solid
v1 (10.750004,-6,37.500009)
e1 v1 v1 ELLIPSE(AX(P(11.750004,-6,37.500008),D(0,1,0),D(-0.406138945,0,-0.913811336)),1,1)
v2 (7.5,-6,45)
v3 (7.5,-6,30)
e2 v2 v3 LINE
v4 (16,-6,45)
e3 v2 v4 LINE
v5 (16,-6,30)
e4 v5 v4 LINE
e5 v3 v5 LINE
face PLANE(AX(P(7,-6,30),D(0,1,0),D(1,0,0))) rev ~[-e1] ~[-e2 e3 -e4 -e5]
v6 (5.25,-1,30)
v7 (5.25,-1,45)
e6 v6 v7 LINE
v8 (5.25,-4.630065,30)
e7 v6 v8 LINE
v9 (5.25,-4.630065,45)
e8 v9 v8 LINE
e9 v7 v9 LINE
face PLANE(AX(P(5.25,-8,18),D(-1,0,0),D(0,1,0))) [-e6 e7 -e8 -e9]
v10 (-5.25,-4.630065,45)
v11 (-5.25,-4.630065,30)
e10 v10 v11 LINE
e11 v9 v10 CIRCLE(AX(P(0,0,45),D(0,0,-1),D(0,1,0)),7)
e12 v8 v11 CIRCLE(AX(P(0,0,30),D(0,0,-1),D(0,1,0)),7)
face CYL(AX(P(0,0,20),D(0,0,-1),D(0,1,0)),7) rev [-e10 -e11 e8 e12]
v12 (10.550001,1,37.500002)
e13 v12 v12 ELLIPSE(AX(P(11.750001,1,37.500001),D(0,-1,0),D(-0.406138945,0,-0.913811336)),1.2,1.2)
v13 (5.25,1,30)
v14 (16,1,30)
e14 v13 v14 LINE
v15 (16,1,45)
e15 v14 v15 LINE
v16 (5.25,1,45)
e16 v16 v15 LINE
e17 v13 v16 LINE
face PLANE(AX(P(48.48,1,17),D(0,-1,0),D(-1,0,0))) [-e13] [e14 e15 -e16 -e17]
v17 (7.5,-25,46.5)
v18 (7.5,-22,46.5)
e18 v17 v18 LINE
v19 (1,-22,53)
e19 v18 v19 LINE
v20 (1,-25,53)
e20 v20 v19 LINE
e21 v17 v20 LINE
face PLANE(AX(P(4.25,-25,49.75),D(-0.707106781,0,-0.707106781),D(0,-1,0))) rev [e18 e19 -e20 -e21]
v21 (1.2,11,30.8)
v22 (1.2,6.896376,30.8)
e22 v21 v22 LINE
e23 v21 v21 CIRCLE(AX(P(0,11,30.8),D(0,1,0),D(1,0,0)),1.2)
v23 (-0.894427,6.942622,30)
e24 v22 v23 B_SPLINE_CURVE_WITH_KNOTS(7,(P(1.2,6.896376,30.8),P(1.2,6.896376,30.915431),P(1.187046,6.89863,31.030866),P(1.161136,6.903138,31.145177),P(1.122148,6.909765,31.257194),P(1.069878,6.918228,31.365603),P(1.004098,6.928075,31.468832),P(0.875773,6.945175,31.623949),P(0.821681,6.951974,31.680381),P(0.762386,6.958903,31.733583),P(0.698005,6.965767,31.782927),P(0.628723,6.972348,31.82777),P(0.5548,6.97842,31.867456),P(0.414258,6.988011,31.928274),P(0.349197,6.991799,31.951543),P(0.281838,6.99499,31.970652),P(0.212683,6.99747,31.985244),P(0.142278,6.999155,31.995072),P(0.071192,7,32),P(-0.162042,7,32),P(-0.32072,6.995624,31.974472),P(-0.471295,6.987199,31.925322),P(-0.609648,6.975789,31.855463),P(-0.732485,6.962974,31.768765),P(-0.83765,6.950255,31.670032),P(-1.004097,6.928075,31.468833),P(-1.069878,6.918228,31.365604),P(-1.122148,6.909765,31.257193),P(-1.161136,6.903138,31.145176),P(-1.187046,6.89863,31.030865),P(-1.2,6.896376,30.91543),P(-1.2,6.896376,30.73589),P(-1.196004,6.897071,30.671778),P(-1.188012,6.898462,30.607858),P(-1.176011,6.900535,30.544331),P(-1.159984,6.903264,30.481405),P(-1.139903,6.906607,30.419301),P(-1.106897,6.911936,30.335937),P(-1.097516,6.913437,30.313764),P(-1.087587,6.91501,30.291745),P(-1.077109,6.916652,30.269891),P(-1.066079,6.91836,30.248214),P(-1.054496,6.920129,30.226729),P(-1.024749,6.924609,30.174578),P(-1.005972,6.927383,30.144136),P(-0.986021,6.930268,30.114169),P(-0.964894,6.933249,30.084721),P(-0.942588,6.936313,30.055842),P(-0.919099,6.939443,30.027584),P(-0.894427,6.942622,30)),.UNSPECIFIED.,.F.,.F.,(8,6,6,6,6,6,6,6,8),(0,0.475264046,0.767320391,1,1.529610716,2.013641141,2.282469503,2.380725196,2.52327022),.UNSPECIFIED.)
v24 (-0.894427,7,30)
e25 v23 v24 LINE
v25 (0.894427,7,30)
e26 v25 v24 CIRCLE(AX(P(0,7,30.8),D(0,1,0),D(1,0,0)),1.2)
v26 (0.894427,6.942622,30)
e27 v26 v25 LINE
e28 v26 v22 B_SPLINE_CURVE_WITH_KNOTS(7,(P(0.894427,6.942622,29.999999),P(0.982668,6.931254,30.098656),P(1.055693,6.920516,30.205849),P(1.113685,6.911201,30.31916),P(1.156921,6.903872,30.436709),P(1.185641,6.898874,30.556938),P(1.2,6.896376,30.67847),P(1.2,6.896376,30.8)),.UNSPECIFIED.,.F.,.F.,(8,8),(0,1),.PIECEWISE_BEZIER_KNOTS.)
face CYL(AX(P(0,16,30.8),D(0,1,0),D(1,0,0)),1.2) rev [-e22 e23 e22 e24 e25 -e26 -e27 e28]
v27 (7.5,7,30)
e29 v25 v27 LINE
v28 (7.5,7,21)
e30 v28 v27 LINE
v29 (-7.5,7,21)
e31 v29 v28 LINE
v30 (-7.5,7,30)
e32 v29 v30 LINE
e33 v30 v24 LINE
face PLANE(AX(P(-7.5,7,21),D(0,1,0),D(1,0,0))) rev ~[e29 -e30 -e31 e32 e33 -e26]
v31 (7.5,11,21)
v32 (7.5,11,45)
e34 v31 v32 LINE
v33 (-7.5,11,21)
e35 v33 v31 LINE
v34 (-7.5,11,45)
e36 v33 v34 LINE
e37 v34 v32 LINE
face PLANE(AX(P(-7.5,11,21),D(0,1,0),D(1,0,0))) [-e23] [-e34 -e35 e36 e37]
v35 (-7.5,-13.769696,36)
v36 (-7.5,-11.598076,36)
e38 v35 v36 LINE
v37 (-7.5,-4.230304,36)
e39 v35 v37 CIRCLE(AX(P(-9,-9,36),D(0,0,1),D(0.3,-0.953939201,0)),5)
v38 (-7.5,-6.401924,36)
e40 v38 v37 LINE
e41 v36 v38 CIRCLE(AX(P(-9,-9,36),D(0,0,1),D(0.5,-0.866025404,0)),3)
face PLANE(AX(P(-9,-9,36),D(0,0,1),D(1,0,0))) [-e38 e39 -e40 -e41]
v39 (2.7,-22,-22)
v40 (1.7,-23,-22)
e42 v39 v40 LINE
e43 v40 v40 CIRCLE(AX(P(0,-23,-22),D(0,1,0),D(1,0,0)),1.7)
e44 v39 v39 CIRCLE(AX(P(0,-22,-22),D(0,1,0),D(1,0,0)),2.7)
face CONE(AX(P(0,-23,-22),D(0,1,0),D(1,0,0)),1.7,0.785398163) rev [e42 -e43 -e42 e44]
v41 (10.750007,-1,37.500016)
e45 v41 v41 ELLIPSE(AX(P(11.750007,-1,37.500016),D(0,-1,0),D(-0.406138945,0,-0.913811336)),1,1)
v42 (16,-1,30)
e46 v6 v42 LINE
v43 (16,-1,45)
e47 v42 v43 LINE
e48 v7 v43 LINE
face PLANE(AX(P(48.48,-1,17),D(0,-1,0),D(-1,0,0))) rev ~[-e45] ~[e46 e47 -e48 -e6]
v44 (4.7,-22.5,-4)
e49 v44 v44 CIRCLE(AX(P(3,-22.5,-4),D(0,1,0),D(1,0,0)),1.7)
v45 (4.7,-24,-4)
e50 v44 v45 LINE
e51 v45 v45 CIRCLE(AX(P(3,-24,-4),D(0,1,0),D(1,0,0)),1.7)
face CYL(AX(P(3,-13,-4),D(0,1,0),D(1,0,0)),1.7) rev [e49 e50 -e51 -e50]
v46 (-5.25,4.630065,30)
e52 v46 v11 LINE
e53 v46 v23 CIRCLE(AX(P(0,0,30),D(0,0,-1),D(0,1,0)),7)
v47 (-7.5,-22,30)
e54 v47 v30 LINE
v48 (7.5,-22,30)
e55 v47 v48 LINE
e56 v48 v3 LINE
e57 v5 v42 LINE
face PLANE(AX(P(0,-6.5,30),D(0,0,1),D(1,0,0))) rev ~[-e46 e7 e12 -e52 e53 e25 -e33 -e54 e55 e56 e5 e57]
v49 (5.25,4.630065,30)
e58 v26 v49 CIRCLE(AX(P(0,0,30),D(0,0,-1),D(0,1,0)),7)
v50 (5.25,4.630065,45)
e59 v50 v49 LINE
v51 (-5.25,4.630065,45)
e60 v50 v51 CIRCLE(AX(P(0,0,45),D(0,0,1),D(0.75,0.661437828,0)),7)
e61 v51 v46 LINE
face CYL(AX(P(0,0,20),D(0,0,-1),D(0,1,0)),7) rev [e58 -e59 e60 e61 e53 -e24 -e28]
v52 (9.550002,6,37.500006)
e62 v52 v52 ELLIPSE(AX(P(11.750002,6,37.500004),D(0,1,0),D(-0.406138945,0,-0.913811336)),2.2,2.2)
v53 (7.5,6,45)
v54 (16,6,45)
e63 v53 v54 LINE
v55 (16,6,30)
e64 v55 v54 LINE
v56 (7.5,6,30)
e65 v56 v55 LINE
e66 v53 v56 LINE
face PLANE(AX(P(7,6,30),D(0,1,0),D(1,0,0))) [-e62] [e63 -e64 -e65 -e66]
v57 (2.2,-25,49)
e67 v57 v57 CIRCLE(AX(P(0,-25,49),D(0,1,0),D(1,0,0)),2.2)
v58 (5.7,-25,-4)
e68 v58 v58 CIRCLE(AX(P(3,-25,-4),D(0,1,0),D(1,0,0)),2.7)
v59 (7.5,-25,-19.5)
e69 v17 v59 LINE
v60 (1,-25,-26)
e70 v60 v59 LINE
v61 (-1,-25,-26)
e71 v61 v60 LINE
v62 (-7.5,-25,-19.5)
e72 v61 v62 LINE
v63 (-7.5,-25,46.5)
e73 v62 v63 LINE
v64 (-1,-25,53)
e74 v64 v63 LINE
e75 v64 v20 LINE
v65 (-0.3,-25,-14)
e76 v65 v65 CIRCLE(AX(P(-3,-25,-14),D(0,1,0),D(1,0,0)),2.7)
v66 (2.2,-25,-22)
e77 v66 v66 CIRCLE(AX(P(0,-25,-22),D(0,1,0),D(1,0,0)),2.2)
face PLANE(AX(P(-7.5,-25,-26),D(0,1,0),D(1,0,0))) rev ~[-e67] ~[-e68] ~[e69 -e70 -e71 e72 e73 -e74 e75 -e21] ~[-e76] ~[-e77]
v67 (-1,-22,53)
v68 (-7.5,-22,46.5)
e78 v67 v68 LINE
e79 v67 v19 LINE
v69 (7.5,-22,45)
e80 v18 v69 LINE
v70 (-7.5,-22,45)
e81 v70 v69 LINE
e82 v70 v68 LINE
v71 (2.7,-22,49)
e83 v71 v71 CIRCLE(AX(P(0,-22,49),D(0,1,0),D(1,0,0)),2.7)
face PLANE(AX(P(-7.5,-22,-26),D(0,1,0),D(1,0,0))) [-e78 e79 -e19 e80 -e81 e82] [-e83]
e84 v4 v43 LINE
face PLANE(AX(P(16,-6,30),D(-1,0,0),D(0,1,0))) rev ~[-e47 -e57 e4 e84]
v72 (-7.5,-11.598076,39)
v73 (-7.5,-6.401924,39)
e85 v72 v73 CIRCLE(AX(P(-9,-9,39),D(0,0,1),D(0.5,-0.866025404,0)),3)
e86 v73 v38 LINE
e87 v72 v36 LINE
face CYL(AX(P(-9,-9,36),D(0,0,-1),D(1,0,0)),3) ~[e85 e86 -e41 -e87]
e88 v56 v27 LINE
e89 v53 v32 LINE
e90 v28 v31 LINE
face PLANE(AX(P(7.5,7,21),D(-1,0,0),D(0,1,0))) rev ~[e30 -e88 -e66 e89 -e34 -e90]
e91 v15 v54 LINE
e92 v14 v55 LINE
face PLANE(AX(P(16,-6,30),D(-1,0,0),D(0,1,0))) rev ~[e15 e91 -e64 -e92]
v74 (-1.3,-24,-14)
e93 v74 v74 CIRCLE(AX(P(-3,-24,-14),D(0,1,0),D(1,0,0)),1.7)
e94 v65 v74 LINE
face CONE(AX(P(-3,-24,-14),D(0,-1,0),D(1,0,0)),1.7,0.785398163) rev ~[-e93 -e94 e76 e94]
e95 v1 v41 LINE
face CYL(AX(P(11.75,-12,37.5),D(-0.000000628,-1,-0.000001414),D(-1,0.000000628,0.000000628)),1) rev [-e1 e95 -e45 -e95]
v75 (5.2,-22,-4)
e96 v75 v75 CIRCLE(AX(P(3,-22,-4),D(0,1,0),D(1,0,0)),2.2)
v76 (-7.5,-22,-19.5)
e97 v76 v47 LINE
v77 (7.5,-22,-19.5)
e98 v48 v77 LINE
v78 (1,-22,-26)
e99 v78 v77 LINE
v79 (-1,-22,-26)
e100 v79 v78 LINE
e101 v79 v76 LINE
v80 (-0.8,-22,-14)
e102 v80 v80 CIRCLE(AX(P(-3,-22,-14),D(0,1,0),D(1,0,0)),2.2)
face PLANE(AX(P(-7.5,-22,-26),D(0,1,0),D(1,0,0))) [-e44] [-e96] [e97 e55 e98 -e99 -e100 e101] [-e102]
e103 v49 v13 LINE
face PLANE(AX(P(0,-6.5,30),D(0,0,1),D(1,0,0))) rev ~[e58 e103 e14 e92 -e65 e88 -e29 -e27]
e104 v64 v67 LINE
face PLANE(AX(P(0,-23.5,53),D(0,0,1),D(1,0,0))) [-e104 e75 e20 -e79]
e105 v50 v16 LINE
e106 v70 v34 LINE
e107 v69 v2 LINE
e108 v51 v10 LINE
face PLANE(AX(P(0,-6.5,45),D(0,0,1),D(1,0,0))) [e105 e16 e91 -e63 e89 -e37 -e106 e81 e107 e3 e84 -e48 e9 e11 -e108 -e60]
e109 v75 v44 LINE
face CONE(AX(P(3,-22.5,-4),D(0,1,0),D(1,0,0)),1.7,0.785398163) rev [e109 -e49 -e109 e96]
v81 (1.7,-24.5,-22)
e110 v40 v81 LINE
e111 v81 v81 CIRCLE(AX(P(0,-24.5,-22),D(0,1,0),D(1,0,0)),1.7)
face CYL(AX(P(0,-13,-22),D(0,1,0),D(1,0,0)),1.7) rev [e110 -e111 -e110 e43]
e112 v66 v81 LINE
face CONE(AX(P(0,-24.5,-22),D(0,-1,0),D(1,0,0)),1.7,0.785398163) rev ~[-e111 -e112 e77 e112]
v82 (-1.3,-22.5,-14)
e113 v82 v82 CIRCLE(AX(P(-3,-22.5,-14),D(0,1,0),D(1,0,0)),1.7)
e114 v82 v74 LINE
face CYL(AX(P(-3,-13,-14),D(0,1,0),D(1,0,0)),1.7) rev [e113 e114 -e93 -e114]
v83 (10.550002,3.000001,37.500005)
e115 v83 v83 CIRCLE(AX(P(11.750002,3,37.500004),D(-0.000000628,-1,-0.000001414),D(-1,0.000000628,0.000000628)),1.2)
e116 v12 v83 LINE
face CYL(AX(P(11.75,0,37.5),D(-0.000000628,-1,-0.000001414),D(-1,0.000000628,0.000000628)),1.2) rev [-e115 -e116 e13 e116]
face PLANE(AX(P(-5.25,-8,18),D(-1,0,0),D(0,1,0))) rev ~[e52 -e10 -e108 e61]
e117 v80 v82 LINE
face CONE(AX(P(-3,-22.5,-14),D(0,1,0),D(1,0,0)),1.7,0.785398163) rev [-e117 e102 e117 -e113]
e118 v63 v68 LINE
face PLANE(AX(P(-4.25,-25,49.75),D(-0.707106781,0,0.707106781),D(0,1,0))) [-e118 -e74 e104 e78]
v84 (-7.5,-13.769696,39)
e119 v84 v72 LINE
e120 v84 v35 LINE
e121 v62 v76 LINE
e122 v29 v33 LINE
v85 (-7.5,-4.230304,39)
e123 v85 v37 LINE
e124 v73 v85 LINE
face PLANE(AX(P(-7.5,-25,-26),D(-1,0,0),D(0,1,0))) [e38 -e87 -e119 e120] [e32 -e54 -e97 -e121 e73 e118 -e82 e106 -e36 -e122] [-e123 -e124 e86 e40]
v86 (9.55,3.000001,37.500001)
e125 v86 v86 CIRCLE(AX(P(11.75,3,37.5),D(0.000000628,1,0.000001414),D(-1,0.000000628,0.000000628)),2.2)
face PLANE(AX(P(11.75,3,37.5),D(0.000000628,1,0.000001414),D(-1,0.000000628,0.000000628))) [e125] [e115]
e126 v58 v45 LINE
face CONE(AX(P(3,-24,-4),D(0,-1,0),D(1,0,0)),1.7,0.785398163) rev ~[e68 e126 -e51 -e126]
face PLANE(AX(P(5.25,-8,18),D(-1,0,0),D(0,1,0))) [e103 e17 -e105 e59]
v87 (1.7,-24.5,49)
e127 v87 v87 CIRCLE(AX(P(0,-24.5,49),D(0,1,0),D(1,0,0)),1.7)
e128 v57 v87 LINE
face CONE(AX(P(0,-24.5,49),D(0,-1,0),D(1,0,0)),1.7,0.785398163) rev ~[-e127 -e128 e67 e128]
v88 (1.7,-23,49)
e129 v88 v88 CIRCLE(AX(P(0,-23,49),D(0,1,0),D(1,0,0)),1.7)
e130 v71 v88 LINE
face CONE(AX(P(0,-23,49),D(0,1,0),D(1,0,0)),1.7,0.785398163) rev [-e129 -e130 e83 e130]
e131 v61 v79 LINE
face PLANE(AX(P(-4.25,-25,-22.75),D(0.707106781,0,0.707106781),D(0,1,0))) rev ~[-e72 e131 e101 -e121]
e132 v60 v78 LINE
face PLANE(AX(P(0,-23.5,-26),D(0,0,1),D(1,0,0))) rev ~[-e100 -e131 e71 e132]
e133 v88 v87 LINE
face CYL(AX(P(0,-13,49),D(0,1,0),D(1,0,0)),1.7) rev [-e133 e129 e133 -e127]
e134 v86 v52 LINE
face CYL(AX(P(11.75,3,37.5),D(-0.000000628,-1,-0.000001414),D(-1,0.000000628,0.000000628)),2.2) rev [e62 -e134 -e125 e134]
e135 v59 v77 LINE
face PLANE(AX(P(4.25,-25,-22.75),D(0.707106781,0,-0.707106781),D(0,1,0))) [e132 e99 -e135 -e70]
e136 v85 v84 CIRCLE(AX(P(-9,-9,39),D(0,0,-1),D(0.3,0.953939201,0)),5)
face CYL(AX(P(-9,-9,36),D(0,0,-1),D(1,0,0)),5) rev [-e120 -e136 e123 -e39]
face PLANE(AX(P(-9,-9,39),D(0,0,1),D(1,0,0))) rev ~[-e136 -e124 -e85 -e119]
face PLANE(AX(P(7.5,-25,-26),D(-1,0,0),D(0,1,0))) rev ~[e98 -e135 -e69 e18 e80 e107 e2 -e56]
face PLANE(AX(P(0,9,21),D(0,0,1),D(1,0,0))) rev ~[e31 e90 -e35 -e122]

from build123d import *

# Parameters (mm, degrees)
CYLINDER099_R               = 3
CYLINDER099_DEPTH           = 3
CYLINDER098_R               = 5
CYLINDER098_DEPTH           = 3
CYLINDER090_R               = 1.2
CYLINDER090_DEPTH           = 13
CYLINDER091_R               = 1
CYLINDER091_DEPTH           = 12
CYLINDER091_ROLL_ANGLE      = 89.999919
CYLINDER091_PITCH_ANGLE     = -3.6e-05
CYLINDER091_PLACEMENT_ANGLE = 179.999964
CYLINDER069_R               = 2.2
CYLINDER069_DEPTH           = 12
CYLINDER069_ROLL_ANGLE      = 89.999919
CYLINDER069_PITCH_ANGLE     = -3.6e-05
CYLINDER069_PLACEMENT_ANGLE = 179.999964
CYLINDER068_R               = 1.2
CYLINDER068_DEPTH           = 12
CYLINDER068_ROLL_ANGLE      = 89.999919
CYLINDER068_PITCH_ANGLE     = -3.6e-05
CYLINDER068_PLACEMENT_ANGLE = 179.999964
BOX406016_W                 = 49
BOX406016_H                 = 2
BOX406016_DEPTH             = 32
BOX406008016_W              = 9
BOX406008016_H              = 12
BOX406008016_DEPTH          = 15
BOX406017_W                 = 16
BOX406017_H                 = 10.5
BOX406017_DEPTH             = 28
CYLINDER067_R               = 7
CYLINDER067_DEPTH           = 26
COMMON004_PLACEMENT_ANGLE   = 90
BOX406008015_W              = 15
BOX406008015_H              = 31
BOX406008015_DEPTH          = 15
BOX406008017_W              = 15
BOX406008017_H              = 4
BOX406008017_DEPTH          = 24
CYLINDER096_R               = 1.7
CYLINDER096_DEPTH           = 21
BOX_W                       = 15
BOX_H                       = 3
BOX_DEPTH                   = 8
CYLINDER097_R               = 1.7
CYLINDER097_DEPTH           = 21
BOX406008018_W              = 15
BOX406008018_H              = 3
BOX406008018_DEPTH          = 8
CHAMFER005_SIZE             = 1
CYLINDER093_R               = 1.7
CYLINDER093_DEPTH           = 21
CYLINDER092_R               = 1.7
CYLINDER092_DEPTH           = 21
BOX406008014_W              = 15
BOX406008014_H              = 3
BOX406008014_DEPTH          = 63
CHAMFER006_SIZE             = 1
CHAMFER007_SIZE             = 6.5
CHAMFER009_SIZE             = 0.5
CHAMFER010_SIZE             = 0.5


with BuildPart() as cylinder099:
    # Cylinder099 → Cylinder099 (new body)
    with BuildSketch(Plane(origin=(-9, -9, 36), x_dir=(1, 0, 0), z_dir=(0, 0, 1))):
        Circle(CYLINDER099_R)
    extrude(amount=CYLINDER099_DEPTH)


with BuildPart() as cut081:
    # Cylinder098 → Cylinder098 (new body)
    with BuildSketch(Plane(origin=(-9, -9, 36), x_dir=(1, 0, 0), z_dir=(0, 0, 1))):
        Circle(CYLINDER098_R)
    extrude(amount=CYLINDER098_DEPTH)

    # Cut081: cut Cylinder099
    add(cylinder099.part, mode=Mode.SUBTRACT)


with BuildPart() as cylinder084:
    # Cylinder090 → Cylinder090 (new body)
    with BuildSketch(Plane(origin=(0, 16, 35.8), x_dir=(1, 0, 0), z_dir=(0, -1, 0))):
        Circle(CYLINDER090_R)
    extrude(amount=CYLINDER090_DEPTH)


with BuildPart() as cylinder091:
    # Cylinder091 → Cylinder091 (new body)
    with BuildSketch(Plane.XY):
        Circle(CYLINDER091_R)
    extrude(amount=CYLINDER091_DEPTH)


with BuildPart() as cylinder091_1:
    # Cylinder091 roll: moved
    add(cylinder091.part.rotate(Axis((0, 0, 0), (1, 0, 0)), CYLINDER091_ROLL_ANGLE))


with BuildPart() as cylinder091_2:
    # Cylinder091 pitch: moved
    add(cylinder091_1.part.rotate(Axis((0, 0, 0), (0, 1, 0)), CYLINDER091_PITCH_ANGLE))


with BuildPart() as cylinder091_3:
    # Cylinder091 placement: moved
    add(cylinder091_2.part.moved(Location((11.75, -12, 42.5))).rotate(Axis((11.75, -12, 42.5), (0, 0, 1)), CYLINDER091_PLACEMENT_ANGLE))


with BuildPart() as cylinder069:
    # Cylinder069 → Cylinder069 (new body)
    with BuildSketch(Plane.XY):
        Circle(CYLINDER069_R)
    extrude(amount=CYLINDER069_DEPTH)


with BuildPart() as cylinder069_1:
    # Cylinder069 roll: moved
    add(cylinder069.part.rotate(Axis((0, 0, 0), (1, 0, 0)), CYLINDER069_ROLL_ANGLE))


with BuildPart() as cylinder069_2:
    # Cylinder069 pitch: moved
    add(cylinder069_1.part.rotate(Axis((0, 0, 0), (0, 1, 0)), CYLINDER069_PITCH_ANGLE))


with BuildPart() as cylinder069_3:
    # Cylinder069 placement: moved
    add(cylinder069_2.part.moved(Location((11.75, 3, 42.5))).rotate(Axis((11.75, 3, 42.5), (0, 0, 1)), CYLINDER069_PLACEMENT_ANGLE))


with BuildPart() as fusion103077013004017011:
    # Cylinder068 → Cylinder068 (new body)
    with BuildSketch(Plane.XY):
        Circle(CYLINDER068_R)
    extrude(amount=CYLINDER068_DEPTH)


with BuildPart() as fusion103077013004017011_1:
    # Cylinder068 roll: moved
    add(fusion103077013004017011.part.rotate(Axis((0, 0, 0), (1, 0, 0)), CYLINDER068_ROLL_ANGLE))


with BuildPart() as fusion103077013004017011_2:
    # Cylinder068 pitch: moved
    add(fusion103077013004017011_1.part.rotate(Axis((0, 0, 0), (0, 1, 0)), CYLINDER068_PITCH_ANGLE))


with BuildPart() as fusion103077013004017011_3:
    # Cylinder068 placement: moved
    add(fusion103077013004017011_2.part.moved(Location((11.75, 0, 42.5))).rotate(Axis((11.75, 0, 42.5), (0, 0, 1)), CYLINDER068_PLACEMENT_ANGLE))

    # Fusion103077013: union Cylinder069
    add(cylinder069_3.part)

    # Fusion103077013004017011: union Cylinder091
    add(cylinder091_3.part)


with BuildPart() as clamp_slot:
    # Box406016 → Box406016 (new body)
    with BuildSketch(Plane(origin=(48.48, 1, 22), x_dir=(-1, 0, 0), z_dir=(0, 0, 1))):
        with Locations((24.5, 1)):
            Rectangle(BOX406016_W, BOX406016_H)
    extrude(amount=BOX406016_DEPTH)


with BuildPart() as cube351:
    # Box406008016 → Box406008016 (new body)
    with BuildSketch(Plane(origin=(7, -6, 35), x_dir=(1, 0, 0), z_dir=(0, 0, 1))):
        with Locations((4.5, 6)):
            Rectangle(BOX406008016_W, BOX406008016_H)
    extrude(amount=BOX406008016_DEPTH)


with BuildPart() as gearbox001:
    # Box406017 → Box406017 (new body)
    with BuildSketch(Plane(origin=(-8, -5.25, 18), x_dir=(1, 0, 0), z_dir=(0, 0, 1))):
        with Locations((8, 5.25)):
            Rectangle(BOX406017_W, BOX406017_H)
    extrude(amount=BOX406017_DEPTH)


with BuildPart() as motor_hole:
    # Cylinder067 → Cylinder067 (new body)
    with BuildSketch(Plane.XY.offset(20)):
        Circle(CYLINDER067_R)
    extrude(amount=CYLINDER067_DEPTH)

    # Common004: intersect gearbox001
    add(gearbox001.part, mode=Mode.INTERSECT)


with BuildPart() as motor_hole_1:
    # Common004 placement: moved
    add(motor_hole.part.moved(Location((0, 0, 5))).rotate(Axis((0, 0, 5), (0, 0, 1)), COMMON004_PLACEMENT_ANGLE))


with BuildPart() as cut075:
    # Box406008015 → Box406008015 (new body)
    with BuildSketch(Plane(origin=(-7.5, -22, 35), x_dir=(1, 0, 0), z_dir=(0, 0, 1))):
        with Locations((7.5, 15.5)):
            Rectangle(BOX406008015_W, BOX406008015_H)
    extrude(amount=BOX406008015_DEPTH)

    # Cut073: cut motor-hole
    add(motor_hole_1.part, mode=Mode.SUBTRACT)

    # Fusion103077013004017010: union Cube351
    add(cube351.part)

    # Cut074: cut clamp-slot
    add(clamp_slot.part, mode=Mode.SUBTRACT)

    # Cut075: cut Fusion103077013004017011
    add(fusion103077013004017011_3.part, mode=Mode.SUBTRACT)


with BuildPart() as cut082:
    # Box406008017 → Box406008017 (new body)
    with BuildSketch(Plane(origin=(-7.5, 7, 26), x_dir=(1, 0, 0), z_dir=(0, 0, 1))):
        with Locations((7.5, 2)):
            Rectangle(BOX406008017_W, BOX406008017_H)
    extrude(amount=BOX406008017_DEPTH)

    # Fusion103077013004017012: union Cut075
    add(cut075.part)

    # Cut076: cut Cylinder084
    add(cylinder084.part, mode=Mode.SUBTRACT)


with BuildPart() as cut082_1:
    # Cut076 placement: moved
    add(cut082.part.moved(Location((0, 0, -5))))

    # Cut082: cut Cut081
    add(cut081.part, mode=Mode.SUBTRACT)


with BuildPart() as cylinder096:
    # Cylinder096 → Cylinder096 (new body)
    with BuildSketch(Plane(origin=(0, -13, 49), x_dir=(1, 0, 0), z_dir=(0, -1, 0))):
        Circle(CYLINDER096_R)
    extrude(amount=CYLINDER096_DEPTH)


with BuildPart() as cut080:
    # Box → Box (new body)
    with BuildSketch(Plane(origin=(-7.5, -25, 45), x_dir=(1, 0, 0), z_dir=(0, 0, 1))):
        with Locations((7.5, 1.5)):
            Rectangle(BOX_W, BOX_H)
    extrude(amount=BOX_DEPTH)

    # Cut080: cut Cylinder096
    add(cylinder096.part, mode=Mode.SUBTRACT)


with BuildPart() as cylinder097:
    # Cylinder097 → Cylinder097 (new body)
    with BuildSketch(Plane(origin=(0, -13, -22), x_dir=(1, 0, 0), z_dir=(0, -1, 0))):
        Circle(CYLINDER097_R)
    extrude(amount=CYLINDER097_DEPTH)


with BuildPart() as chamfer005:
    # Box406008018 → Box406008018 (new body)
    with BuildSketch(Plane(origin=(-7.5, -25, -26), x_dir=(1, 0, 0), z_dir=(0, 0, 1))):
        with Locations((7.5, 1.5)):
            Rectangle(BOX406008018_W, BOX406008018_H)
    extrude(amount=BOX406008018_DEPTH)

    # Cut079: cut Cylinder097
    add(cylinder097.part, mode=Mode.SUBTRACT)

    # Fusion103077013004017015: union Cut080
    add(cut080.part)

    # Chamfer005
    chamfer005_edges = [chamfer005.edges().sort_by_distance(p)[0] for p in [
        (-1.7, -22, -22),
        (-1.7, -22, 49),
    ]]
    chamfer(chamfer005_edges, length=CHAMFER005_SIZE)


with BuildPart() as cylinder093:
    # Cylinder093 → Cylinder093 (new body)
    with BuildSketch(Plane(origin=(3, -13, -4), x_dir=(1, 0, 0), z_dir=(0, -1, 0))):
        Circle(CYLINDER093_R)
    extrude(amount=CYLINDER093_DEPTH)


with BuildPart() as fusion103077013004017013:
    # Cylinder092 → Cylinder092 (new body)
    with BuildSketch(Plane(origin=(-3, -13, -14), x_dir=(1, 0, 0), z_dir=(0, -1, 0))):
        Circle(CYLINDER092_R)
    extrude(amount=CYLINDER092_DEPTH)

    # Fusion103077013004017013: union Cylinder093
    add(cylinder093.part)


with BuildPart() as chamfer010:
    # Box406008014 → Box406008014 (new body)
    with BuildSketch(Plane(origin=(-7.5, -25, -18), x_dir=(1, 0, 0), z_dir=(0, 0, 1))):
        with Locations((7.5, 1.5)):
            Rectangle(BOX406008014_W, BOX406008014_H)
    extrude(amount=BOX406008014_DEPTH)

    # Cut077: cut Fusion103077013004017013
    add(fusion103077013004017013.part, mode=Mode.SUBTRACT)

    # Chamfer006
    chamfer006_edges = [chamfer010.edges().sort_by_distance(p)[0] for p in [
        (-4.7, -25, -14),
        (1.3, -25, -4),
    ]]
    chamfer(chamfer006_edges, length=CHAMFER006_SIZE)

    # Fusion103077013004017016: union Chamfer005
    add(chamfer005.part)

    # Chamfer007
    chamfer007_edges = [chamfer010.edges().sort_by_distance(p)[0] for p in [
        (-7.5, -23.5, -26),
        (7.5, -23.5, -26),
        (7.5, -23.5, 53),
        (-7.5, -23.5, 53),
    ]]
    chamfer(chamfer007_edges, length=CHAMFER007_SIZE)

    # Fusion103077013004017017: union Cut082
    add(cut082_1.part)

    # Chamfer009
    chamfer009_edges = [chamfer010.edges().sort_by_distance(p)[0] for p in [
        (-4.7, -22, -14),
        (1.3, -22, -4),
    ]]
    chamfer(chamfer009_edges, length=CHAMFER009_SIZE)

    # Chamfer010
    chamfer010_edges = [chamfer010.edges().sort_by_distance(p)[0] for p in [
        (-1.7, -25, -22),
        (-1.7, -25, 49),
    ]]
    chamfer(chamfer010_edges, length=CHAMFER010_SIZE)


solid = chamfer010.part
